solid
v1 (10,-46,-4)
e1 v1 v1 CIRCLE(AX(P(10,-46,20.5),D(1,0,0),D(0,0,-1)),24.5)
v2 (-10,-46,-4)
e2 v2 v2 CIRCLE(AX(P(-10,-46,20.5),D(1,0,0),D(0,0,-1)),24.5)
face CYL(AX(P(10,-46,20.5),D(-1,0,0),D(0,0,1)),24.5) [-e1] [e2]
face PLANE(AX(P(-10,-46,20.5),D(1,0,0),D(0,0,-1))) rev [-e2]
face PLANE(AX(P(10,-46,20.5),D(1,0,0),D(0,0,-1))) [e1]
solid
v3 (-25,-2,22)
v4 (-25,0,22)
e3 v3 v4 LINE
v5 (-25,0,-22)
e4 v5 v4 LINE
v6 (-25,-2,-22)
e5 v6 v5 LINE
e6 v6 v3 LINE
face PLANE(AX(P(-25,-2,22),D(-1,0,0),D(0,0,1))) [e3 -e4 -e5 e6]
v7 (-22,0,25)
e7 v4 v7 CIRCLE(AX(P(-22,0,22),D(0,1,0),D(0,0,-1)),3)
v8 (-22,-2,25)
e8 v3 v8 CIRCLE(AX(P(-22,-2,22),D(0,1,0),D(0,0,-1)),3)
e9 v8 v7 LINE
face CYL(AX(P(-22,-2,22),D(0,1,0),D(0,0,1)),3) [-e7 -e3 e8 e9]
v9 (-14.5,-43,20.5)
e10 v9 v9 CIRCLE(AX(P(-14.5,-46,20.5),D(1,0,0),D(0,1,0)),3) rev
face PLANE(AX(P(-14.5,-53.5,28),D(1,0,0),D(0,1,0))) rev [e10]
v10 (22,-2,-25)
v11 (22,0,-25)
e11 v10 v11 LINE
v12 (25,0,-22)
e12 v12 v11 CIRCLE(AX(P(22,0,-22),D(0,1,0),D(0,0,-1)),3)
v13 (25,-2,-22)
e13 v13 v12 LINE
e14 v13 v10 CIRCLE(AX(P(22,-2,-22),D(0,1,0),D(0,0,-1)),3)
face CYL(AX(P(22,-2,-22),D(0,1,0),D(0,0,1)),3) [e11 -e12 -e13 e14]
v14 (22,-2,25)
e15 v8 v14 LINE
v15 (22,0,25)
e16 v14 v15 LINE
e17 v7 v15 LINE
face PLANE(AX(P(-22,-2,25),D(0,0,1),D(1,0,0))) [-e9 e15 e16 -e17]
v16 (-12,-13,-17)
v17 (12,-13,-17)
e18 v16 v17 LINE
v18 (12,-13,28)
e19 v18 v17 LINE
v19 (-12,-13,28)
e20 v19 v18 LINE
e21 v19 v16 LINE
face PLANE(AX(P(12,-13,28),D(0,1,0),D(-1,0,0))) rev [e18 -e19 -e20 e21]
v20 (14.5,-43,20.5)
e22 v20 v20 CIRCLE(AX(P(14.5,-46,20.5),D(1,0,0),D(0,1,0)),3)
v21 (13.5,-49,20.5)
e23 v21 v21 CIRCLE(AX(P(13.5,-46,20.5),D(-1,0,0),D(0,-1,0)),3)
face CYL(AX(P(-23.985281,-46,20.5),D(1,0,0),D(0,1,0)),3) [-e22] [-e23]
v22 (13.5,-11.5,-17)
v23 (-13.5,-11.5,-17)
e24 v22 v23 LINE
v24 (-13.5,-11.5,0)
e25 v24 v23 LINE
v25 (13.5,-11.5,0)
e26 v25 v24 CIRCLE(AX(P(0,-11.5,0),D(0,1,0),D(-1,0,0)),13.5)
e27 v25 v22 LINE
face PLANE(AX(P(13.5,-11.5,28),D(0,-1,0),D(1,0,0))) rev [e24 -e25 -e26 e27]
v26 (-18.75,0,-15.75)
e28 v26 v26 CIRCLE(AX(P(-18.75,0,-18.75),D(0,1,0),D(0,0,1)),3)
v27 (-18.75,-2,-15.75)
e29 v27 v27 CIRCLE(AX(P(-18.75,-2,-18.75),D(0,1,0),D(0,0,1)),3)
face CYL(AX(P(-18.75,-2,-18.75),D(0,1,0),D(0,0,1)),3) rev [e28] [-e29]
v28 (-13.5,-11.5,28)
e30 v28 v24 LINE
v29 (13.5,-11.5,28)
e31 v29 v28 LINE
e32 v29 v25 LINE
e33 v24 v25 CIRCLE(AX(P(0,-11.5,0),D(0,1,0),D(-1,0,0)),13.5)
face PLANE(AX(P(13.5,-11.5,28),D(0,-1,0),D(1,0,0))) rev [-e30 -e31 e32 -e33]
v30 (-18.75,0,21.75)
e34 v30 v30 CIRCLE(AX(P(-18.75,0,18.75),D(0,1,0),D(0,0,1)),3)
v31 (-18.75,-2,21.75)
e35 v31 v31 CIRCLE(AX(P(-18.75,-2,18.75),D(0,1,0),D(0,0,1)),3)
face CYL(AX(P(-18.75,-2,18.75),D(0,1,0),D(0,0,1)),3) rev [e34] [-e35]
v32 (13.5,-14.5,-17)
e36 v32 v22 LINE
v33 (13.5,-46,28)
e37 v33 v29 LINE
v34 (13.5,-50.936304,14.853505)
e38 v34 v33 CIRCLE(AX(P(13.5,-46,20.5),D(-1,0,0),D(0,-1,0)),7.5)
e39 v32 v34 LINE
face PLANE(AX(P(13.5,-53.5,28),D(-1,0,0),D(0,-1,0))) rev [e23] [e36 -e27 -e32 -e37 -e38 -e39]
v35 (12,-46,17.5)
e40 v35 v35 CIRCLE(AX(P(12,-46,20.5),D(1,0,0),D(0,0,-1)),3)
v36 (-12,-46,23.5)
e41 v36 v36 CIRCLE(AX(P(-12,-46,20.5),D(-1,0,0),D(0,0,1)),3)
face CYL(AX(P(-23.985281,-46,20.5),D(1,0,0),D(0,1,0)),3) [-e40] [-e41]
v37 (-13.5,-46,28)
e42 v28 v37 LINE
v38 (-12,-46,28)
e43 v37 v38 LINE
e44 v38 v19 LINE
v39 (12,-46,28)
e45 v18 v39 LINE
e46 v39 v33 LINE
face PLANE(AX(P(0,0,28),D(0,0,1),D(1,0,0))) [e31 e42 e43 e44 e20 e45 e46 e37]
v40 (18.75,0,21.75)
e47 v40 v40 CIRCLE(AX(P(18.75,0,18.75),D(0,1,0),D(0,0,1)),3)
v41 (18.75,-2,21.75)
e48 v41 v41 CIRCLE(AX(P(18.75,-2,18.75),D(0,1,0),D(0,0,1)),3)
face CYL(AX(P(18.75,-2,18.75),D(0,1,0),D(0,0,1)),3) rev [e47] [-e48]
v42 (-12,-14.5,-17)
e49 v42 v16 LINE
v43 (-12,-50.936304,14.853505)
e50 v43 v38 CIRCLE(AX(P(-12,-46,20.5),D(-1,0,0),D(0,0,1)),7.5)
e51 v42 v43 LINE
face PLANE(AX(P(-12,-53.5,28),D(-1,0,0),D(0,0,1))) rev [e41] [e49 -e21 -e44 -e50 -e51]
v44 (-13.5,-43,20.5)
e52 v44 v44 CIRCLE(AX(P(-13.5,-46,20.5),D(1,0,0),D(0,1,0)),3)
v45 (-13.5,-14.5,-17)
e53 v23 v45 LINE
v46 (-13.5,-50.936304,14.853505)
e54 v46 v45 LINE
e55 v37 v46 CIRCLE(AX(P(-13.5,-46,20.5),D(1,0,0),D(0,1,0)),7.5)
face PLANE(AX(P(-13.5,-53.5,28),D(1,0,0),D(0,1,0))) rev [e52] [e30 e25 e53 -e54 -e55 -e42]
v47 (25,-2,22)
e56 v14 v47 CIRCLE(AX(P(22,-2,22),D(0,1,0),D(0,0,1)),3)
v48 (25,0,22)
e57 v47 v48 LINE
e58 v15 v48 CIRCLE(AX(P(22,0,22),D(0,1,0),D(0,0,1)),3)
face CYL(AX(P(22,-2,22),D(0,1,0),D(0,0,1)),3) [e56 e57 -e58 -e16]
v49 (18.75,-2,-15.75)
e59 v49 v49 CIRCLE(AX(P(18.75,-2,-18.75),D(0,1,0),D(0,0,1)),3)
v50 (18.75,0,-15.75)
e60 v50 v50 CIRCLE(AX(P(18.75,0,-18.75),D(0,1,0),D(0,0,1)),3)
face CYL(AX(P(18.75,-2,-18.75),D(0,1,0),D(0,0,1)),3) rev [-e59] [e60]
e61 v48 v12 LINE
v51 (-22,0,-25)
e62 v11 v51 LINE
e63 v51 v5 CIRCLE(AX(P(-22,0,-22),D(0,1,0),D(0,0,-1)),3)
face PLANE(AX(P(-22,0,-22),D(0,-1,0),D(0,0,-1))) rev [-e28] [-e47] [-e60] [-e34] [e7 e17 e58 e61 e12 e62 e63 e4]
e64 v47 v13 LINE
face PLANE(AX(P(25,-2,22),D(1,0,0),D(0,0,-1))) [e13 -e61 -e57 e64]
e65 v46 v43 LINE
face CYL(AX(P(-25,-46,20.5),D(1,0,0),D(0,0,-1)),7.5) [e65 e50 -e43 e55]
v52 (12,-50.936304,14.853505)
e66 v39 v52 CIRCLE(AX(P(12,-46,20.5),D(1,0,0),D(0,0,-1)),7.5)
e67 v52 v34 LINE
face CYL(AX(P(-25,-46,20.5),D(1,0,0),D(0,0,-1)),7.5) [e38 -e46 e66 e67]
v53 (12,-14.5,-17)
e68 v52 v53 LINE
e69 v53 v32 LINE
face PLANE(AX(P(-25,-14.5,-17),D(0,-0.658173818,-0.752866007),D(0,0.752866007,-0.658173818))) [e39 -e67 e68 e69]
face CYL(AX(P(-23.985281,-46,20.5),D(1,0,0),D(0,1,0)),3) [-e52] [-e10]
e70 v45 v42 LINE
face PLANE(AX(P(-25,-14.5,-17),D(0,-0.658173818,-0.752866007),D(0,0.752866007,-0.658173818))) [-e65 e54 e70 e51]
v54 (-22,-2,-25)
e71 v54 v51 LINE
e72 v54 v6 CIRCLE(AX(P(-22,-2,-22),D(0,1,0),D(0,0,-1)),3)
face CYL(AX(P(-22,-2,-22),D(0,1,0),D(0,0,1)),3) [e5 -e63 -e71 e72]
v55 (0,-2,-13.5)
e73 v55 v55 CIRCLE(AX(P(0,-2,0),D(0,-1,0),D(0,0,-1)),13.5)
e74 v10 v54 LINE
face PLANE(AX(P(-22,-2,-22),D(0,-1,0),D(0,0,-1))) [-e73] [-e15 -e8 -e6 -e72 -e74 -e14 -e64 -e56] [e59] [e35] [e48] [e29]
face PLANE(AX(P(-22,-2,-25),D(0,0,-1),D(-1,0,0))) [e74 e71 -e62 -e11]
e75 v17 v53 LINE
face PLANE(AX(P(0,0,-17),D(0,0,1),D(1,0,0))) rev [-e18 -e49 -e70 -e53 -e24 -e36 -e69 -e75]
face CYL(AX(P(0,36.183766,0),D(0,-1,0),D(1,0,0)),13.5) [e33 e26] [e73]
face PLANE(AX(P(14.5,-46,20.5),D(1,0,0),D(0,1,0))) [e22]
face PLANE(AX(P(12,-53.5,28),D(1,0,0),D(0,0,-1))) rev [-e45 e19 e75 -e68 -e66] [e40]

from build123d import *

# Parameters (mm, degrees)
SKETCH1_R                = 3
BOSS_EXTRUDE1_DEPTH      = 2
BOSS_EXTRUDE2_DEPTH      = 28
BOSS_EXTRUDE2_DEPTH_BACK = 17
SKETCH3_OUTSIDE_W        = 73.078
SKETCH3_OUTSIDE_H        = 73.578
CUT_EXTRUDE1_DEPTH       = 26
CUT_EXTRUDE1_DEPTH_BACK  = 26
SKETCH4_R                = 3
BOSS_EXTRUDE3_DEPTH      = 1
BOSS_EXTRUDE3_DEPTH_BACK = 28
SKETCH5_R                = 24.5
BOSS_EXTRUDE4_DEPTH      = 10
SKETCH6_R                = 13.5
BOSS_EXTRUDE5_DEPTH      = 9.5


with BuildPart() as part:
    # Sketch1 → Boss-Extrude1 (new body)
    with BuildSketch(Plane(origin=(0, 0, 0), x_dir=(1, 0, 0), z_dir=(0, 1, 0))):
        with BuildLine():
            Line((-22, -25), (22, -25))
            ThreePointArc((22, -25), (24.121320344, -24.121320344), (25, -22))
            Line((25, -22), (25, 22))
            ThreePointArc((25, 22), (24.121320344, 24.121320344), (22, 25))
            Line((22, 25), (-22, 25))
            ThreePointArc((-22, 25), (-24.121320344, 24.121320344), (-25, 22))
            Line((-25, 22), (-25, -22))
            ThreePointArc((-25, -22), (-24.121320344, -24.121320344), (-22, -25))
        make_face()
        with Locations((18.75, 18.75)):
            Circle(SKETCH1_R, mode=Mode.SUBTRACT)
        with Locations((18.75, -18.75)):
            Circle(SKETCH1_R, mode=Mode.SUBTRACT)
        with Locations((-18.75, -18.75)):
            Circle(SKETCH1_R, mode=Mode.SUBTRACT)
        with Locations((-18.75, 18.75)):
            Circle(SKETCH1_R, mode=Mode.SUBTRACT)
    extrude(amount=-BOSS_EXTRUDE1_DEPTH)



with BuildPart() as body_2:
    # Sketch2 → Boss-Extrude2 (new body, two sides)
    with BuildSketch(Plane.XY) as boss_extrude2_sk:
        Polygon((13.5, -53.5), (13.5, -11.5), (-13.5, -11.5), (-13.5, -53.5), (-12, -53.5), (-12, -13), (12, -13), (12, -53.5), align=None)
    extrude(amount=BOSS_EXTRUDE2_DEPTH)
    extrude(boss_extrude2_sk.sketch, amount=-BOSS_EXTRUDE2_DEPTH_BACK)

    # Sketch3 outside → Cut-Extrude1 (cut, two sides)
    with BuildSketch(Plane(origin=(0, 0, 0), x_dir=(0, 0, -1), z_dir=(1, 0, 0))) as cut_extrude1_sk:
        with Locations((-1.5, -26.75)):
            Rectangle(SKETCH3_OUTSIDE_W, SKETCH3_OUTSIDE_H)
        with BuildLine():
            Line((17, -11.5), (17, -14.5))
            Line((17, -14.5), (-14.853504945, -50.936303637))
            ThreePointArc((-14.853504945, -50.936303637), (-23.136407318, -53.021350045), (-28, -46))
            Line((-28, -46), (-28, -11.5))
            Line((-28, -11.5), (17, -11.5))
        make_face(mode=Mode.SUBTRACT)
    extrude(amount=CUT_EXTRUDE1_DEPTH, mode=Mode.SUBTRACT)
    extrude(cut_extrude1_sk.sketch, amount=-CUT_EXTRUDE1_DEPTH_BACK, mode=Mode.SUBTRACT)

    # Sketch4 → Boss-Extrude3 (add, two sides)
    with BuildSketch(Plane(origin=(13.5, 0, 0), x_dir=(0, 0, -1), z_dir=(1, 0, 0))) as boss_extrude3_sk:
        with Locations((-20.5, -46)):
            Circle(SKETCH4_R)
    extrude(amount=BOSS_EXTRUDE3_DEPTH)
    extrude(boss_extrude3_sk.sketch, amount=-BOSS_EXTRUDE3_DEPTH_BACK)


with BuildPart() as body_3:
    # Sketch5 → Boss-Extrude4 (new body, symmetric)
    with BuildSketch(Plane(origin=(0, 0, 0), x_dir=(0, 0, -1), z_dir=(1, 0, 0))):
        with Locations((-20.5, -46)):
            Circle(SKETCH5_R)
    extrude(amount=BOSS_EXTRUDE4_DEPTH, both=True)


with BuildPart() as part_1:
    add(part.part)

    add(body_2.part)  # Boss-Extrude5 merges body 2
    # Sketch6 → Boss-Extrude5 (add)
    with BuildSketch(Plane(origin=(0, -11.5, 0), x_dir=(1, 0, 0), z_dir=(0, 1, 0))):
        Circle(SKETCH6_R)
    extrude(amount=BOSS_EXTRUDE5_DEPTH)


solid = Compound([body_3.part, part_1.part])
